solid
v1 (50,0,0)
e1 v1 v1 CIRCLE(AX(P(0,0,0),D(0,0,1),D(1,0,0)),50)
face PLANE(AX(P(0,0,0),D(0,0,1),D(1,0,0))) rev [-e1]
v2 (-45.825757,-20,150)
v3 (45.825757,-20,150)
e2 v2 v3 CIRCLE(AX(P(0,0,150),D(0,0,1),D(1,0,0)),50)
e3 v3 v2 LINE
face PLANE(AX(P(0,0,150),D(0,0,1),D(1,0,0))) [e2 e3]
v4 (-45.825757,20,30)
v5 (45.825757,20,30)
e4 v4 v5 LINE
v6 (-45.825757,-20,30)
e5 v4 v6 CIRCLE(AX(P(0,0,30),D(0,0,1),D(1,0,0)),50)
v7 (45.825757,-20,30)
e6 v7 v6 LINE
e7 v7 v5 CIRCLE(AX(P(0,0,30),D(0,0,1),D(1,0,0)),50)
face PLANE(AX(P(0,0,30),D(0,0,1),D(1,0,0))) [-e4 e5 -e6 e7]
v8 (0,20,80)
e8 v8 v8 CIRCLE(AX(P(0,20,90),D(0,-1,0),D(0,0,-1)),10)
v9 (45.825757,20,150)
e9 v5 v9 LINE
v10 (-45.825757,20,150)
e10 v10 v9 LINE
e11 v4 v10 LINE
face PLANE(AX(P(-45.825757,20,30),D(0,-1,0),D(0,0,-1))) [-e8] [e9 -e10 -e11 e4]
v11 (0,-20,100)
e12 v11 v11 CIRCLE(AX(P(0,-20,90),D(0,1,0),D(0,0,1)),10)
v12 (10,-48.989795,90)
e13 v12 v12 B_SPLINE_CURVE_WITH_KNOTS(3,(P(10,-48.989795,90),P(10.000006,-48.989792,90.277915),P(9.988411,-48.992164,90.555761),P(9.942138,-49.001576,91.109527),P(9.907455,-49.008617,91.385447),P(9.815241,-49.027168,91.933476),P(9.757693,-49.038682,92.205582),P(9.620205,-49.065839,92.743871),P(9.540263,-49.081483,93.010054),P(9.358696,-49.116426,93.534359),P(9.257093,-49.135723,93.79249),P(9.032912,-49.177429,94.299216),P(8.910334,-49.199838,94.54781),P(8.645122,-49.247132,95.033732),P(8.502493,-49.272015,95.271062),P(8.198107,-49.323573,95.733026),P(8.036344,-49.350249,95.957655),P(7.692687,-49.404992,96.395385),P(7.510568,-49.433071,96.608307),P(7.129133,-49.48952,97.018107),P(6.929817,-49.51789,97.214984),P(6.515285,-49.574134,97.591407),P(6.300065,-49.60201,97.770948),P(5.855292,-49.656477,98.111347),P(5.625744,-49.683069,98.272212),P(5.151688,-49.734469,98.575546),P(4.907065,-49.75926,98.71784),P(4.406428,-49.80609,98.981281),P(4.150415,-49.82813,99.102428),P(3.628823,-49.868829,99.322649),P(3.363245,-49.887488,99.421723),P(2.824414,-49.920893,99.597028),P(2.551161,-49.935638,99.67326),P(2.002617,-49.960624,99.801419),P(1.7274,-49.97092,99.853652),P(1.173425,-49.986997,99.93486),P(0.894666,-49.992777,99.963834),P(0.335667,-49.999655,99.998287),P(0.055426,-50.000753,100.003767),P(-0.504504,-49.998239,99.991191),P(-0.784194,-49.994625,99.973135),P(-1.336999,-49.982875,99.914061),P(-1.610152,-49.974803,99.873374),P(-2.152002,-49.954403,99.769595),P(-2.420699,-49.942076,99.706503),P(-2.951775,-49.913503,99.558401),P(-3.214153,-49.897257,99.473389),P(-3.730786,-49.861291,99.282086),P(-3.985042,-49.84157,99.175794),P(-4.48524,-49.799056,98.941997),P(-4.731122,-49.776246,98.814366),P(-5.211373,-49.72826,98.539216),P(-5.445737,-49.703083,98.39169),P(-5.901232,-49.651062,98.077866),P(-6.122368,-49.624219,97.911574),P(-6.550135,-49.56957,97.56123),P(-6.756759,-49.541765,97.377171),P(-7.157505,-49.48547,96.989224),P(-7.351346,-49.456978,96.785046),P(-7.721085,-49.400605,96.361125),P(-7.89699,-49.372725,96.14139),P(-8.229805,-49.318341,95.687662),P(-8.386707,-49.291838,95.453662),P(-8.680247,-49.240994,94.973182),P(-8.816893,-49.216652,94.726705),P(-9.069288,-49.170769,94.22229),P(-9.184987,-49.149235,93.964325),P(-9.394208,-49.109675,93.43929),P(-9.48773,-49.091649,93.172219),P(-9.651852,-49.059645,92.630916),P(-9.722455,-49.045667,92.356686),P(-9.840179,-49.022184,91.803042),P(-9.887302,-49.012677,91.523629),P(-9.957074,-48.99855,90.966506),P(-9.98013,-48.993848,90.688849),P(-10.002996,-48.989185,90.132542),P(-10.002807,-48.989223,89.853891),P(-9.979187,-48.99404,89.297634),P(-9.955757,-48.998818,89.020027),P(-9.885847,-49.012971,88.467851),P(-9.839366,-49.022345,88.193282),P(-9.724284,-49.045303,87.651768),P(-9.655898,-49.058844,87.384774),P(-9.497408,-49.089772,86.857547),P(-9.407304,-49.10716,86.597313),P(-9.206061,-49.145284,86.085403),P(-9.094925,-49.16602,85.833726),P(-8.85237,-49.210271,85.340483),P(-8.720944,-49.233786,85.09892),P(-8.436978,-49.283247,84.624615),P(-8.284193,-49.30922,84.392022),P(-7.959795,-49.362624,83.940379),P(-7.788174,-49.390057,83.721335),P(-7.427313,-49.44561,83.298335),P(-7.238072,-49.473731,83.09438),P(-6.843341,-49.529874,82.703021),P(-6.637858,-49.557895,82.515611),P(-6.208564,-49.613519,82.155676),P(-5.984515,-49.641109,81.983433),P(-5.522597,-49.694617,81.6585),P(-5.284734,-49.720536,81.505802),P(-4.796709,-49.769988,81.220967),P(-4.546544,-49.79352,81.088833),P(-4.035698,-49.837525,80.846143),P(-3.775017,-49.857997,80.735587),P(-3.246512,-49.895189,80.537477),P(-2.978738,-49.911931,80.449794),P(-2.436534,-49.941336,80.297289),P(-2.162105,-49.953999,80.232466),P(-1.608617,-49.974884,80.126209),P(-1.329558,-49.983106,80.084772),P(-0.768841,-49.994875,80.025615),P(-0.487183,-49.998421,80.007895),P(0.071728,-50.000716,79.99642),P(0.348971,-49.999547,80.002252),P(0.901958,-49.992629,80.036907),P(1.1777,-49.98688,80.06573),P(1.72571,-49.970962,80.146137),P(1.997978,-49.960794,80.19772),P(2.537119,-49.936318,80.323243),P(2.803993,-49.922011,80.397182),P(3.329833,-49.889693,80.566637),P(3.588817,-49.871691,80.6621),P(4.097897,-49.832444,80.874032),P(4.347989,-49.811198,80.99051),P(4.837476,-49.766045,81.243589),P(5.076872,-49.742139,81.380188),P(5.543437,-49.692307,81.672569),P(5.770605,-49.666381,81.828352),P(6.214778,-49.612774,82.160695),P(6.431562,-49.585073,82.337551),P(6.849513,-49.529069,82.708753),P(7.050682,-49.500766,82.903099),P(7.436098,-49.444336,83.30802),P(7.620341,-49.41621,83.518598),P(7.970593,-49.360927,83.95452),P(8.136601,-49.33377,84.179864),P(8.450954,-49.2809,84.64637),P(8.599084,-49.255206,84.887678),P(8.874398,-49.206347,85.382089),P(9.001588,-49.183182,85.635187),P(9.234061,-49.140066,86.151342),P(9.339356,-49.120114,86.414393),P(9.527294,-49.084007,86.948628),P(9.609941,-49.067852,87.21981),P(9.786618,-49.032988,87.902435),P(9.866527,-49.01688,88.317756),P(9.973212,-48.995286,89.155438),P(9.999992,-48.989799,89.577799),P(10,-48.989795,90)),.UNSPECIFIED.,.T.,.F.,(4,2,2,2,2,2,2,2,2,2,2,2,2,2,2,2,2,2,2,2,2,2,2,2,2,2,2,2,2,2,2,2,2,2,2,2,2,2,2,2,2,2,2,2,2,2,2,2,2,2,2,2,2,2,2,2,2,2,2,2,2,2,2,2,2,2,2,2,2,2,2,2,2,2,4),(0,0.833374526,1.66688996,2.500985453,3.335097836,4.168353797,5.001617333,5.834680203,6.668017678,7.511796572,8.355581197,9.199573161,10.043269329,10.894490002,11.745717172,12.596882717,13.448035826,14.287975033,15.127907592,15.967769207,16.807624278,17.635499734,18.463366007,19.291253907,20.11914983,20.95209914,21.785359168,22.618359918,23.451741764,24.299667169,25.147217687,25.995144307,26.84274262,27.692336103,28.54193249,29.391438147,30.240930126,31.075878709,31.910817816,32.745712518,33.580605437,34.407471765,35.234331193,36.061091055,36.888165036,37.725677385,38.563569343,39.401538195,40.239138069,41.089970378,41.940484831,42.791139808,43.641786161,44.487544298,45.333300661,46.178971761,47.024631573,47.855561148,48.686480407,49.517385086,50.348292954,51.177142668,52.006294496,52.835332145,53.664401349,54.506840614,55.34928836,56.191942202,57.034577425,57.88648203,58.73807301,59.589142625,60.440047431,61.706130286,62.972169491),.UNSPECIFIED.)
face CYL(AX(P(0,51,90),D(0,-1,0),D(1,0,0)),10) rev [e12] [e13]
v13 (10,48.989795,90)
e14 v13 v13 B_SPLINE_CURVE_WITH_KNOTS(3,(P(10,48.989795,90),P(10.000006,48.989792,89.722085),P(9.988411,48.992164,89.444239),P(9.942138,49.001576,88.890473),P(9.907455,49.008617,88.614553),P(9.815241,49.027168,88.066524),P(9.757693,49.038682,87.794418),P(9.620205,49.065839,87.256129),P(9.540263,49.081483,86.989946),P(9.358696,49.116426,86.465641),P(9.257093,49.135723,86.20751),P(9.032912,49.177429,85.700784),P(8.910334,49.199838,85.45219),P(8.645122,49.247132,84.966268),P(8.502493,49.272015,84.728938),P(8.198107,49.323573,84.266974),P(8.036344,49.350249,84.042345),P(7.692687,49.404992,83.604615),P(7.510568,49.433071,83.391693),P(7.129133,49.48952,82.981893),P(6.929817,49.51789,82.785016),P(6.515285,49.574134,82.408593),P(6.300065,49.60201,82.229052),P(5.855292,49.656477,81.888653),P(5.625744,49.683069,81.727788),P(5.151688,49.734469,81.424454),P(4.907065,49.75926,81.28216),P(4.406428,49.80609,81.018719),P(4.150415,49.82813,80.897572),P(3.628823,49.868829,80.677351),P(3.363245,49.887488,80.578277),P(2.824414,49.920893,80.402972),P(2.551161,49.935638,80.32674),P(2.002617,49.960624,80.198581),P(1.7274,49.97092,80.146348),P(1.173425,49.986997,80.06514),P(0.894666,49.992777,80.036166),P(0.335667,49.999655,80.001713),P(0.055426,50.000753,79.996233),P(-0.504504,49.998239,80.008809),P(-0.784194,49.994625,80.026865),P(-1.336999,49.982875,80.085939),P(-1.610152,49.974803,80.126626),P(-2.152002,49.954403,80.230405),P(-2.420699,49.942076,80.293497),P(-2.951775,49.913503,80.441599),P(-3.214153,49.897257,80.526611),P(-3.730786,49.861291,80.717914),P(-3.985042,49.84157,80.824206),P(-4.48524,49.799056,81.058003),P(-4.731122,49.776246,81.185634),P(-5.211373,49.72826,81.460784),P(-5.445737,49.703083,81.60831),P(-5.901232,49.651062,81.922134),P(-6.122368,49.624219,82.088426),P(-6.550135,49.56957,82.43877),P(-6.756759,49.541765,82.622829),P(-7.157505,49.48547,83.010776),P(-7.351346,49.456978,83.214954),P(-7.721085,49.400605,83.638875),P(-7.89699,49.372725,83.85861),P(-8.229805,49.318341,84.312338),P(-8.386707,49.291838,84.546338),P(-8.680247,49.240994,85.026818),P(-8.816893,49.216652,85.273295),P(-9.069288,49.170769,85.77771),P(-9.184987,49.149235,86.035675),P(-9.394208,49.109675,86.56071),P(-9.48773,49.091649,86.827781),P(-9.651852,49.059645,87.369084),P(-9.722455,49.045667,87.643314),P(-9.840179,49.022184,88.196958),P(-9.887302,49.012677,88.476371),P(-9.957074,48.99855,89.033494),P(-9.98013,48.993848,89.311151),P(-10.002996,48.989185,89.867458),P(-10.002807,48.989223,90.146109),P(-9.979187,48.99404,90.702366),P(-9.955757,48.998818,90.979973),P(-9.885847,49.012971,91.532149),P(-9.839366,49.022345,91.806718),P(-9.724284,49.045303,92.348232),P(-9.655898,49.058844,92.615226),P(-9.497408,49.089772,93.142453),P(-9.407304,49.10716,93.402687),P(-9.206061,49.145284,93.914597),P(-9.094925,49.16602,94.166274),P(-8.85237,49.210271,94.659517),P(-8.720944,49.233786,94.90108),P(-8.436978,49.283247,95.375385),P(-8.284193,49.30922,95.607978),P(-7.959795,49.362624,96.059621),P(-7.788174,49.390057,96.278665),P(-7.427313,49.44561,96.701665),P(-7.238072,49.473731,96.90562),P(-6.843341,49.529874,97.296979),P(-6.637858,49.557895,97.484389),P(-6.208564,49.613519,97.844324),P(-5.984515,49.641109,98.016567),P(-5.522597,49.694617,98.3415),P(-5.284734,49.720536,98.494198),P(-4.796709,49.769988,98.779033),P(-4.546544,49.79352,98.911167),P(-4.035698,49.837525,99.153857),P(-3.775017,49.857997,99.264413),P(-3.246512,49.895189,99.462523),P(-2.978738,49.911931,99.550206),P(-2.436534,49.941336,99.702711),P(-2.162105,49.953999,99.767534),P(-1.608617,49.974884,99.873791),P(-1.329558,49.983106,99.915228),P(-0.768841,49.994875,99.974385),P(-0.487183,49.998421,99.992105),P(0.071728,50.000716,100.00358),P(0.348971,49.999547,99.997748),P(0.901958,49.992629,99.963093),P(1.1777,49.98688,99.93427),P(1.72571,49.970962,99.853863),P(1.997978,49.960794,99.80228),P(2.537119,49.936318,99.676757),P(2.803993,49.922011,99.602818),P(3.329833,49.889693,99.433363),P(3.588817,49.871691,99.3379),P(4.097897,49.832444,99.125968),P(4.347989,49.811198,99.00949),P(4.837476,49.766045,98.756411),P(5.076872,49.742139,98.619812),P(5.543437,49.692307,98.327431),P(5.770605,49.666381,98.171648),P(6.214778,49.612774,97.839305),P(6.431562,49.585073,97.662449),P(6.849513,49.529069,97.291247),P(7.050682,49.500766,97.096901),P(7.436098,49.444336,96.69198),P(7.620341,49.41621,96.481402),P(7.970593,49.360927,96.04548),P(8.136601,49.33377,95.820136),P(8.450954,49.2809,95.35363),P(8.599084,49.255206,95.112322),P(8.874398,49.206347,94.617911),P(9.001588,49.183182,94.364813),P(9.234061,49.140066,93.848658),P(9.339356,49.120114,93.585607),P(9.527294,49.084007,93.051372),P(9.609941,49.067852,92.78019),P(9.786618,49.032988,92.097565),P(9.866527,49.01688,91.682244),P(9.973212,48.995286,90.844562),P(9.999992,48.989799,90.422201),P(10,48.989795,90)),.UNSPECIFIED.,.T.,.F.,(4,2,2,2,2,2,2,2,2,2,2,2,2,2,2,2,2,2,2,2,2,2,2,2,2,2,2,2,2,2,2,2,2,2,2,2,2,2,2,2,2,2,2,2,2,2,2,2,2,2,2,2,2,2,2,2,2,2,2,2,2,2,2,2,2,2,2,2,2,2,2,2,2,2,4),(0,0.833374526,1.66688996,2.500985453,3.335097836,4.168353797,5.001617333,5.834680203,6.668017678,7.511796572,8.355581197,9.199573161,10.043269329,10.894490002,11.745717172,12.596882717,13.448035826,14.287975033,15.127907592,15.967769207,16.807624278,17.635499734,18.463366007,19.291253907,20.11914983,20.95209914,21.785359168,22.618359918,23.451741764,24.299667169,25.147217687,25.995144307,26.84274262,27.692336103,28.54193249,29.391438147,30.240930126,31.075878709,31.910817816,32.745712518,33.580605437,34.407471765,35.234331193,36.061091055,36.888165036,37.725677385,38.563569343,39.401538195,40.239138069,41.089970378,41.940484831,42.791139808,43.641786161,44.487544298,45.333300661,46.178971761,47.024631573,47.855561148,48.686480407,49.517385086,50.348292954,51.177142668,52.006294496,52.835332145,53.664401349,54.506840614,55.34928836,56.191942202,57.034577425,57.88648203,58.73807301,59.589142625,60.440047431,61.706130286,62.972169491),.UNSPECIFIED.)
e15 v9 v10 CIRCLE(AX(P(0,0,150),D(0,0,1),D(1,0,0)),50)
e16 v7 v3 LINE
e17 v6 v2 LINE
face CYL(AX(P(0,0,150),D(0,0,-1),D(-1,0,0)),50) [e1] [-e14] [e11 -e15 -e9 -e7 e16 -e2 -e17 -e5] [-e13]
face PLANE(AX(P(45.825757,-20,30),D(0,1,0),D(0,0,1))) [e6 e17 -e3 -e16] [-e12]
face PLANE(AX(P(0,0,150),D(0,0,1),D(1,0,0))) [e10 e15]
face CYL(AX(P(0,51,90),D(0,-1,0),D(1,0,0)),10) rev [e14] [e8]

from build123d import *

# Parameters (mm, degrees)
SKETCH2_R            = 50
BOSS_EXTRUDE1_DEPTH  = 150
SKETCH3_OUTSIDE_W    = 143.232
SKETCH3_OUTSIDE_H    = 143.232
CUT_EXTRUDE1_DEPTH   = 120
CUT_SWEEP1_PROFILE_R = 10


with BuildPart() as part:
    # Sketch2 → Boss-Extrude1 (new body)
    with BuildSketch(Plane.XY):
        Circle(SKETCH2_R)
    extrude(amount=BOSS_EXTRUDE1_DEPTH)

    # Sketch3 outside → Cut-Extrude1 (cut)
    with BuildSketch(Plane.XY.offset(150)):
        Rectangle(SKETCH3_OUTSIDE_W, SKETCH3_OUTSIDE_H)
        with BuildLine():
            Line((-45.82575695, 20), (45.82575695, 20))
            ThreePointArc((45.82575695, 20), (0, 50), (-45.82575695, 20))
        make_face(mode=Mode.SUBTRACT)
        with BuildLine():
            Line((45.82575695, -20), (-45.82575695, -20))
            ThreePointArc((-45.82575695, -20), (0, -50), (45.82575695, -20))
        make_face(mode=Mode.SUBTRACT)
    extrude(amount=-CUT_EXTRUDE1_DEPTH, mode=Mode.SUBTRACT)

    # Cut-Sweep1: sweep along a path in Sketch5
    with BuildLine(Plane.XY.offset(90)) as cut_sweep1_path:
        Line((0, 50), (0, -50))
    # Cut-Sweep1 profile (on start of the path) → Cut-Sweep1 (sweep, cut)
    with BuildSketch(Plane(origin=(0, 50, 90), x_dir=(-1, 0, 0), z_dir=(0, -1, 0))):
        Circle(CUT_SWEEP1_PROFILE_R)
    sweep(path=cut_sweep1_path.line, mode=Mode.SUBTRACT)


solid = part.part
